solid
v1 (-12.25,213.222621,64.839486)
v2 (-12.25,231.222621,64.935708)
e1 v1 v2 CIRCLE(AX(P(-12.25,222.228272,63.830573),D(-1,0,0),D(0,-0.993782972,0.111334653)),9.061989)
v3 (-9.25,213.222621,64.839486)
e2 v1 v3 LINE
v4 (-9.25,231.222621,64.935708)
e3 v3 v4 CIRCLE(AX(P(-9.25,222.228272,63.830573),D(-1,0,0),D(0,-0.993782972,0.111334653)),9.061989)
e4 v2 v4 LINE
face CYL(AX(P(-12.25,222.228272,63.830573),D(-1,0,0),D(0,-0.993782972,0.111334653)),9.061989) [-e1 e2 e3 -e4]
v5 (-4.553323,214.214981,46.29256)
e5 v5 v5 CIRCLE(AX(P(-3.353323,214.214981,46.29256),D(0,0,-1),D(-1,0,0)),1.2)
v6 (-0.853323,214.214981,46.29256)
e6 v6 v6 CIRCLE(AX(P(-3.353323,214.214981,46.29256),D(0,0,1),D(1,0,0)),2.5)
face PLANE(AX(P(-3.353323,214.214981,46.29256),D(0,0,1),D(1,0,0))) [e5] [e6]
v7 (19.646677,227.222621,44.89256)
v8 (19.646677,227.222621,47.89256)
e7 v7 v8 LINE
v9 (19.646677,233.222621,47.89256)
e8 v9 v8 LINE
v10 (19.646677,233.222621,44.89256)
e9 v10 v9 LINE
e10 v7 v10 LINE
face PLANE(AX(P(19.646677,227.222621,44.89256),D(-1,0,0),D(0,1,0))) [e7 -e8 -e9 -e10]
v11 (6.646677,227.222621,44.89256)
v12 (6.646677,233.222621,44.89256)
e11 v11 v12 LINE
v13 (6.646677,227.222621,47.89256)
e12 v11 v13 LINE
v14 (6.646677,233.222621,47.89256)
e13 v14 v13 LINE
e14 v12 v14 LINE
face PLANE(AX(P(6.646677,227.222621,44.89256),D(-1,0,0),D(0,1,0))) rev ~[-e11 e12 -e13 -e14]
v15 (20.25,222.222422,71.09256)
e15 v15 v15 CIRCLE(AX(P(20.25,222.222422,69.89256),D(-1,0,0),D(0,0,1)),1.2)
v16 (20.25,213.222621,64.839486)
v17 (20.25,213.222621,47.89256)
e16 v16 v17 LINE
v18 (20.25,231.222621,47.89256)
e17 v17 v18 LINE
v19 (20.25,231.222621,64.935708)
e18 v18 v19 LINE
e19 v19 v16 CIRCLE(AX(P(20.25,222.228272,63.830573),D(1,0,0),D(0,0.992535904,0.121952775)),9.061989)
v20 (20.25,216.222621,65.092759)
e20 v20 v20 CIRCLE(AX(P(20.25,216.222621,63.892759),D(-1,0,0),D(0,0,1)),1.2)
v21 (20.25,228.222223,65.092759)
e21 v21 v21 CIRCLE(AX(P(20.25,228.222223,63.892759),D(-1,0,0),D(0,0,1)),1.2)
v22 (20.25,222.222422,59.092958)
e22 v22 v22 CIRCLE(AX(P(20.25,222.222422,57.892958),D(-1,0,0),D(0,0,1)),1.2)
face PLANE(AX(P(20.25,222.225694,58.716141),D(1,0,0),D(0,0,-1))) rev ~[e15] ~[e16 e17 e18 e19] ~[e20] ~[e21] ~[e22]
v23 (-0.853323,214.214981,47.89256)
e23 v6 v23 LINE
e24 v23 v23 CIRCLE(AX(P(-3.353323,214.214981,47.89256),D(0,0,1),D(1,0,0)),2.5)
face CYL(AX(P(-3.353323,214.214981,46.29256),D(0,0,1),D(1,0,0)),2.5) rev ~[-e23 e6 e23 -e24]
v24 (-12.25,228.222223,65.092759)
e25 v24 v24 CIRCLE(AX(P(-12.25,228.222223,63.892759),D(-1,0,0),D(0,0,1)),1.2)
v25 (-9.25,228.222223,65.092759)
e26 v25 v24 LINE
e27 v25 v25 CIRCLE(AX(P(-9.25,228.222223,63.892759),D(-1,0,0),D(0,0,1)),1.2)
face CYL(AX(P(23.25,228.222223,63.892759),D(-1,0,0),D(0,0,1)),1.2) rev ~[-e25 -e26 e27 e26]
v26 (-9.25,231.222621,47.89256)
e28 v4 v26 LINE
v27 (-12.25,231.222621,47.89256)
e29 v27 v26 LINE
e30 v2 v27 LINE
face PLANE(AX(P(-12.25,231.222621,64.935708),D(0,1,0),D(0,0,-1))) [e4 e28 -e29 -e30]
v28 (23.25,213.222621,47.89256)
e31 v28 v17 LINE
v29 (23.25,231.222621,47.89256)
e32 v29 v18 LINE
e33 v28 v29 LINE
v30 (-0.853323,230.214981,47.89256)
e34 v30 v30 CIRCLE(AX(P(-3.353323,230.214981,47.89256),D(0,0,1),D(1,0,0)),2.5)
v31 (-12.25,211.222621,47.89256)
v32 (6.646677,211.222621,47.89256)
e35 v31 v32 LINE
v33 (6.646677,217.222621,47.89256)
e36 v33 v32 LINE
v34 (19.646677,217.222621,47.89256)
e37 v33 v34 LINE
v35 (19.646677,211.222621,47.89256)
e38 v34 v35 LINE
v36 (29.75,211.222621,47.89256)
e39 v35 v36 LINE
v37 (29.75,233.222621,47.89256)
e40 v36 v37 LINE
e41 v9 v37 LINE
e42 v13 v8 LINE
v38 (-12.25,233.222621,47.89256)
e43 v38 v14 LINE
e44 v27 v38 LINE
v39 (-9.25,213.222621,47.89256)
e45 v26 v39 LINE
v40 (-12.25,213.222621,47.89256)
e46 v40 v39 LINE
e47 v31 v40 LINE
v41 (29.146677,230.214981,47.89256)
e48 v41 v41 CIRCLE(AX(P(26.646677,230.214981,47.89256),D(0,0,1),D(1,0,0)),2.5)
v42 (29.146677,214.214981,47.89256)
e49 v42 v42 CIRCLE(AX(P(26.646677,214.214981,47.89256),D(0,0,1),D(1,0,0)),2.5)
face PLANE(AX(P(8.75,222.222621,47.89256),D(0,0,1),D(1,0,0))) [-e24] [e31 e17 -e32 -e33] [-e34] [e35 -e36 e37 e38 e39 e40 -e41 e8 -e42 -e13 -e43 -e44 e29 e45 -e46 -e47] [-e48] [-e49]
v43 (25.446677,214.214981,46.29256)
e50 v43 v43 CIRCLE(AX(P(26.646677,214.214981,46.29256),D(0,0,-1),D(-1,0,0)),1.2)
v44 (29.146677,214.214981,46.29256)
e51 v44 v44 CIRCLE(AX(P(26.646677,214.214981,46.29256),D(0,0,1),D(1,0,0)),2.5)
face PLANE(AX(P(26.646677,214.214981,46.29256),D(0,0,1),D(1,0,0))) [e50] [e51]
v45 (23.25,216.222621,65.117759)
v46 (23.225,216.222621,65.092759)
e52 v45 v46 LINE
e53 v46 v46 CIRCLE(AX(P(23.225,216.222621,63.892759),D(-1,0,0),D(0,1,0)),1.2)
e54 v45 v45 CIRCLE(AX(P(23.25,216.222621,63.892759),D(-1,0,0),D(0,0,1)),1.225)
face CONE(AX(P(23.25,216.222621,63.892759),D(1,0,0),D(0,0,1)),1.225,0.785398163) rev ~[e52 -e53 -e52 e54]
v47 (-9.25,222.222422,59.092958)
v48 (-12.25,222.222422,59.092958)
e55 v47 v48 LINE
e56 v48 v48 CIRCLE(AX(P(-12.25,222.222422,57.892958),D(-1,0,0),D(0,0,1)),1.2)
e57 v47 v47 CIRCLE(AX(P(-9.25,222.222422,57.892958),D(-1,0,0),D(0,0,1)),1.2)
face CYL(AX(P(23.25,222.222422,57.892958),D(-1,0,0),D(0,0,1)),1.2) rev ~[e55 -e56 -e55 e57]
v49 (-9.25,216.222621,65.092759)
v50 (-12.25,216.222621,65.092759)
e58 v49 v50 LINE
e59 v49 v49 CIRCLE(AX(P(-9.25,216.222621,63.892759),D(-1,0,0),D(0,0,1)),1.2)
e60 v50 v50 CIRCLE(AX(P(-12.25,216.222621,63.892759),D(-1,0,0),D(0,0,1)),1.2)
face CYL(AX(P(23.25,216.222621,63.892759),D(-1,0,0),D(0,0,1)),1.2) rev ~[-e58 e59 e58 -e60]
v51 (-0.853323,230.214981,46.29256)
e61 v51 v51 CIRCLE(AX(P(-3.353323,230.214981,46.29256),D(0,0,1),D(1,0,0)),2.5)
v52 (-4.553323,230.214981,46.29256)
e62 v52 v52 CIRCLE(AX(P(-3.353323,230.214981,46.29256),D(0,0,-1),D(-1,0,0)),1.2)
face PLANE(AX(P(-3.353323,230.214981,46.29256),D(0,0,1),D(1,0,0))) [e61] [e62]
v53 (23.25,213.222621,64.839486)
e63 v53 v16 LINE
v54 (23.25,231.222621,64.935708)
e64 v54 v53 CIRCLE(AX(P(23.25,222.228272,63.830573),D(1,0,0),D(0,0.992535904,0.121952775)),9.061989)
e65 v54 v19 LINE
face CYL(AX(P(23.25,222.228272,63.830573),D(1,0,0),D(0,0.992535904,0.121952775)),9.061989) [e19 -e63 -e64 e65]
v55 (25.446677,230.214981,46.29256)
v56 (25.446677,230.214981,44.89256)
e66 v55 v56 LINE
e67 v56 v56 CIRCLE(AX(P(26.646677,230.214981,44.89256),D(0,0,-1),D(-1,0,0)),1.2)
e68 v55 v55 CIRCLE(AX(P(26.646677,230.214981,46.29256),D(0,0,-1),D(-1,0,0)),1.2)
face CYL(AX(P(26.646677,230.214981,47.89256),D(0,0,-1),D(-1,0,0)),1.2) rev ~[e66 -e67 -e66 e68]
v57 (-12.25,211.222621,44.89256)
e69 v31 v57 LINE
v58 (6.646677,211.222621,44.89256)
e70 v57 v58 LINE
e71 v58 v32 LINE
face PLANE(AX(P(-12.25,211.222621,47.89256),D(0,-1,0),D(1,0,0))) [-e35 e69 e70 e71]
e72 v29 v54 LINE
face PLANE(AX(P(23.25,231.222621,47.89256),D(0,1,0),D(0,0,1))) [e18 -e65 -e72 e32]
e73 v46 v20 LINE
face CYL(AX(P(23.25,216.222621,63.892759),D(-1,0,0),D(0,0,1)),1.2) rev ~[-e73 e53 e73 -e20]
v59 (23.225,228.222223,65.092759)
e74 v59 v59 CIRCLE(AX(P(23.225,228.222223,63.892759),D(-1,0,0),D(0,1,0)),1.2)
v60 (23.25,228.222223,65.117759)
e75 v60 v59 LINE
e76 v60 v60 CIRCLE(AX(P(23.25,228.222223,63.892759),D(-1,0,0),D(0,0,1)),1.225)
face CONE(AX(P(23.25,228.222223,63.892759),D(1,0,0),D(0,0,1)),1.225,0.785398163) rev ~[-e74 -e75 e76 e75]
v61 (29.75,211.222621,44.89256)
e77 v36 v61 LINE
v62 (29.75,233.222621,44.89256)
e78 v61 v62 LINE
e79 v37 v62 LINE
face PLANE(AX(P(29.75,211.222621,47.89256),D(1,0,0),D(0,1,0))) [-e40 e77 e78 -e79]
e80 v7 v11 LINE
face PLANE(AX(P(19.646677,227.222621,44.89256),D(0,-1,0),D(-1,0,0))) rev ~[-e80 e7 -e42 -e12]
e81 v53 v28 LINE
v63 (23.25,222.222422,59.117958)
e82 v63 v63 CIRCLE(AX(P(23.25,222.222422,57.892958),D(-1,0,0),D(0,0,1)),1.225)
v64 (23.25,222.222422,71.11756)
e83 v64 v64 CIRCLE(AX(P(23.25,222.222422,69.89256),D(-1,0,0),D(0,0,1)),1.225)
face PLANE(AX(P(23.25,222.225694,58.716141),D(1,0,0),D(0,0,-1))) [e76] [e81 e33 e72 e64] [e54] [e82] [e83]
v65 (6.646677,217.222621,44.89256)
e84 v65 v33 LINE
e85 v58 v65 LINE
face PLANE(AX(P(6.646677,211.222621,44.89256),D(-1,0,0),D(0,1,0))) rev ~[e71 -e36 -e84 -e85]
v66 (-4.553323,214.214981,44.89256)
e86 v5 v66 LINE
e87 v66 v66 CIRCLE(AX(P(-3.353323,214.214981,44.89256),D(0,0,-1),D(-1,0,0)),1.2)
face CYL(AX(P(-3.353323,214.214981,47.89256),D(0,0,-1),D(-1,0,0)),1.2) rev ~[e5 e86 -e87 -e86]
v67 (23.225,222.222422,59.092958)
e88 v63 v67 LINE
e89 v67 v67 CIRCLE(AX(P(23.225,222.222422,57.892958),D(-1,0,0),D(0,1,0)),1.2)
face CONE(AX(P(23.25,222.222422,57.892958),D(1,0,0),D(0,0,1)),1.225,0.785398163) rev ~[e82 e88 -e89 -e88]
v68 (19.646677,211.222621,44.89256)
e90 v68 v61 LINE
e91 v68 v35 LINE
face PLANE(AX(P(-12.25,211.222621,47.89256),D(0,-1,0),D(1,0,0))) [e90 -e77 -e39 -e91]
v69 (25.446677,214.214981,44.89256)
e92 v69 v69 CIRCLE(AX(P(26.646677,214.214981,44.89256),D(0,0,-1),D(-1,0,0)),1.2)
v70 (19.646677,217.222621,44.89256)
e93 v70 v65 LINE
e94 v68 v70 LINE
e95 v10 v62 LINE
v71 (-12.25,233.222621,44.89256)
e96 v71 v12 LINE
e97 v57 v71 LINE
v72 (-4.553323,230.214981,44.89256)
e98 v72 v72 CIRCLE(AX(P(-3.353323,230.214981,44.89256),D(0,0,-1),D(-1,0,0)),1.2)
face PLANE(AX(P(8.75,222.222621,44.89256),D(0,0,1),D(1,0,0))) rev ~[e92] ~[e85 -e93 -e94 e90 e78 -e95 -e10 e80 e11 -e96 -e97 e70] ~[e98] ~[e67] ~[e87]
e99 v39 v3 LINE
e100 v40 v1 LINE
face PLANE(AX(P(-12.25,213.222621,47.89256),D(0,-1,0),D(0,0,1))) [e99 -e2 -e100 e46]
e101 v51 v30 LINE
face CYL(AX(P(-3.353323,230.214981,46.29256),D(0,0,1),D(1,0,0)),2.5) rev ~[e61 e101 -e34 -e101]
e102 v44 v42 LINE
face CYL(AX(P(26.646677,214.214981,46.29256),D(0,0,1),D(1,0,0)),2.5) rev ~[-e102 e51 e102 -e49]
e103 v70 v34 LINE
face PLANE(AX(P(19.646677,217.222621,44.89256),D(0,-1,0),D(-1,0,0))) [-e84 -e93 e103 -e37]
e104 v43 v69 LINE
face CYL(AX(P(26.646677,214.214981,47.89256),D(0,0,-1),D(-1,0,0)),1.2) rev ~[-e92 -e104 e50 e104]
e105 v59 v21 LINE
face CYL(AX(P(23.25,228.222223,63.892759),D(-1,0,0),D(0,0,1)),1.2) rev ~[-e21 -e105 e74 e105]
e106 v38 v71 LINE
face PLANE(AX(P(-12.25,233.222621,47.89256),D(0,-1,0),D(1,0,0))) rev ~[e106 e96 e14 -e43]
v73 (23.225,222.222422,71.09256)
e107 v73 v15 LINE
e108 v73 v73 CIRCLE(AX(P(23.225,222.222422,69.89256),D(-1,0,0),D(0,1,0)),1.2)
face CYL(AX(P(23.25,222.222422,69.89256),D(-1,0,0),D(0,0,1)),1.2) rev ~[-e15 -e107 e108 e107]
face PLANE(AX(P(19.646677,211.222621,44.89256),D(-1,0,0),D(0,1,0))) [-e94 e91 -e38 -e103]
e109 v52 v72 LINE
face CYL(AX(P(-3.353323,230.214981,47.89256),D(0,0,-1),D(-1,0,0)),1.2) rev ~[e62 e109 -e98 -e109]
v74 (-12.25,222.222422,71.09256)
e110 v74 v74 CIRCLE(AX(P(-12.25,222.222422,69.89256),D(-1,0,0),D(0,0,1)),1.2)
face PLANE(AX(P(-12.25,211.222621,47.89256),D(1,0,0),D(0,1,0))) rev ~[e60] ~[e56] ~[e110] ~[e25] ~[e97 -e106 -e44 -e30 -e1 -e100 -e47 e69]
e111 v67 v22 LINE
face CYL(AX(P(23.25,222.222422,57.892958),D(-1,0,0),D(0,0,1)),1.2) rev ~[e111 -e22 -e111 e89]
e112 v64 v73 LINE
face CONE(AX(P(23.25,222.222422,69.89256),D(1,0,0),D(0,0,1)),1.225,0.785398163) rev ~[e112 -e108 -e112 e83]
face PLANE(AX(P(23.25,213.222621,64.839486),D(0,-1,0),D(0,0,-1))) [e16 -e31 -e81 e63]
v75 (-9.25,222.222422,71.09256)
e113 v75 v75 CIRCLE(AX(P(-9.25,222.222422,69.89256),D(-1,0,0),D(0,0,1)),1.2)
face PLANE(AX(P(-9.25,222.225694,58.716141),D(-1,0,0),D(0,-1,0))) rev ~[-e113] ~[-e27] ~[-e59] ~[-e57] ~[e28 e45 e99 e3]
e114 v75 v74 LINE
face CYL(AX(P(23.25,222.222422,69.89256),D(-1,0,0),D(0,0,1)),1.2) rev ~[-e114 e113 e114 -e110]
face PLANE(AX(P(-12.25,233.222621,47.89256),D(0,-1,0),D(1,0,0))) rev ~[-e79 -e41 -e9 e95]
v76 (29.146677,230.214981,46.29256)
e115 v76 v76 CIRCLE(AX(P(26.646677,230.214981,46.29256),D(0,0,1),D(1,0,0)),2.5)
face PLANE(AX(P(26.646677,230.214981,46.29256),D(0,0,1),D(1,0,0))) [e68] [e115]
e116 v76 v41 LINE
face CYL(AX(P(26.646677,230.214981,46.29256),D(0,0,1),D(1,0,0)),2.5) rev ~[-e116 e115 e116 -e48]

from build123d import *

# Parameters (mm, degrees)
SKETCH1_W                                        = 42
SKETCH1_H                                        = 22
BOSS_EXTRUDE1_DEPTH                              = 3
SKETCH2_W                                        = 13
SKETCH2_H                                        = 6
CUT_EXTRUDE1_DEPTH                               = 4
SKETCH3_W                                        = 13
SKETCH3_H                                        = 6
CUT_EXTRUDE2_DEPTH                               = 4
BOSS_EXTRUDE2_DEPTH                              = 3
BOSS_EXTRUDE3_DEPTH                              = 3
M2_CLEARANCE_HOLE1_D                             = 2.4
M2_CLEARANCE_HOLE1_CSINK_D                       = 2.45
M2_CLEARANCE_HOLE1_CSINK_ANGLE                   = 90
CBORE_FOR_M2_PAN_HEAD_MACHINE_SCREW1_D           = 2.4
CBORE_FOR_M2_PAN_HEAD_MACHINE_SCREW1_CBORE_D     = 5
CBORE_FOR_M2_PAN_HEAD_MACHINE_SCREW1_CBORE_DEPTH = 1.6


with BuildPart() as part:
    # Sketch1 → Boss-Extrude1 (new body)
    with BuildSketch(Plane.XY.offset(47.892560215)):
        with Locations((8.75, 222.222621224)):
            Rectangle(SKETCH1_W, SKETCH1_H)
    extrude(amount=-BOSS_EXTRUDE1_DEPTH)

    # Sketch2 → Cut-Extrude1 (cut, through all)
    with BuildSketch(Plane(origin=(0, 0, 44.892560215), x_dir=(-1, 0, 0), z_dir=(0, 0, -1))):
        with Locations((-13.146676675, 230.222621224)):
            Rectangle(SKETCH2_W, SKETCH2_H)
    extrude(amount=-CUT_EXTRUDE1_DEPTH, mode=Mode.SUBTRACT)

    # Sketch3 → Cut-Extrude2 (cut, through all)
    with BuildSketch(Plane(origin=(0, 0, 44.892560215), x_dir=(-1, 0, 0), z_dir=(0, 0, -1))):
        with Locations((-13.146676675, 214.222621224)):
            Rectangle(SKETCH3_W, SKETCH3_H)
    extrude(amount=-CUT_EXTRUDE2_DEPTH, mode=Mode.SUBTRACT)

    # Sketch4 → Boss-Extrude2 (add)
    with BuildSketch(Plane(origin=(-12.25, 0, 0), x_dir=(0, -1, 0), z_dir=(-1, 0, 0))):
        with BuildLine():
            Line((-231.222621224, 64.935707597), (-231.222621224, 47.892560215))
            Line((-231.222621224, 47.892560215), (-213.222621224, 47.892560215))
            Line((-213.222621224, 47.892560215), (-213.222621224, 64.839486293))
            ThreePointArc((-213.222621224, 64.839486293), (-222.179830351, 72.892432503), (-231.222621224, 64.935707597))
        make_face()
    extrude(amount=-BOSS_EXTRUDE2_DEPTH)

    # Sketch5 → Boss-Extrude3 (add)
    with BuildSketch(Plane(origin=(23.25, 0, 0), x_dir=(0, 0, -1), z_dir=(1, 0, 0))):
        with BuildLine():
            Line((-64.839486293, 213.222621224), (-47.892560215, 213.222621224))
            Line((-47.892560215, 213.222621224), (-47.892560215, 231.222621224))
            Line((-47.892560215, 231.222621224), (-64.935707597, 231.222621224))
            ThreePointArc((-64.935707597, 231.222621224), (-72.892432503, 222.179830351), (-64.839486293, 213.222621224))
        make_face()
    extrude(amount=-BOSS_EXTRUDE3_DEPTH)

    # M2 Clearance Hole1 (through all)
    with Locations(Plane(origin=(23.25, 0, 0), x_dir=(0, 0, -1), z_dir=(1, 0, 0))):
        with Locations((-63.892759177, 228.222223301), (-69.892560215, 222.222422263), (-63.892759177, 216.222621224), (-57.892958138, 222.222422263)):
            CounterSinkHole(M2_CLEARANCE_HOLE1_D / 2, M2_CLEARANCE_HOLE1_CSINK_D / 2, counter_sink_angle=M2_CLEARANCE_HOLE1_CSINK_ANGLE)

    # CBORE for M2 Pan Head Machine Screw1 (through all)
    with Locations(Plane.XY.offset(47.892560215)):
        with Locations((-3.353323325, 230.214980721), (-3.353323325, 214.214980721), (26.646676675, 214.214980721), (26.646676675, 230.214980721)):
            CounterBoreHole(CBORE_FOR_M2_PAN_HEAD_MACHINE_SCREW1_D / 2, CBORE_FOR_M2_PAN_HEAD_MACHINE_SCREW1_CBORE_D / 2, CBORE_FOR_M2_PAN_HEAD_MACHINE_SCREW1_CBORE_DEPTH)


solid = part.part
